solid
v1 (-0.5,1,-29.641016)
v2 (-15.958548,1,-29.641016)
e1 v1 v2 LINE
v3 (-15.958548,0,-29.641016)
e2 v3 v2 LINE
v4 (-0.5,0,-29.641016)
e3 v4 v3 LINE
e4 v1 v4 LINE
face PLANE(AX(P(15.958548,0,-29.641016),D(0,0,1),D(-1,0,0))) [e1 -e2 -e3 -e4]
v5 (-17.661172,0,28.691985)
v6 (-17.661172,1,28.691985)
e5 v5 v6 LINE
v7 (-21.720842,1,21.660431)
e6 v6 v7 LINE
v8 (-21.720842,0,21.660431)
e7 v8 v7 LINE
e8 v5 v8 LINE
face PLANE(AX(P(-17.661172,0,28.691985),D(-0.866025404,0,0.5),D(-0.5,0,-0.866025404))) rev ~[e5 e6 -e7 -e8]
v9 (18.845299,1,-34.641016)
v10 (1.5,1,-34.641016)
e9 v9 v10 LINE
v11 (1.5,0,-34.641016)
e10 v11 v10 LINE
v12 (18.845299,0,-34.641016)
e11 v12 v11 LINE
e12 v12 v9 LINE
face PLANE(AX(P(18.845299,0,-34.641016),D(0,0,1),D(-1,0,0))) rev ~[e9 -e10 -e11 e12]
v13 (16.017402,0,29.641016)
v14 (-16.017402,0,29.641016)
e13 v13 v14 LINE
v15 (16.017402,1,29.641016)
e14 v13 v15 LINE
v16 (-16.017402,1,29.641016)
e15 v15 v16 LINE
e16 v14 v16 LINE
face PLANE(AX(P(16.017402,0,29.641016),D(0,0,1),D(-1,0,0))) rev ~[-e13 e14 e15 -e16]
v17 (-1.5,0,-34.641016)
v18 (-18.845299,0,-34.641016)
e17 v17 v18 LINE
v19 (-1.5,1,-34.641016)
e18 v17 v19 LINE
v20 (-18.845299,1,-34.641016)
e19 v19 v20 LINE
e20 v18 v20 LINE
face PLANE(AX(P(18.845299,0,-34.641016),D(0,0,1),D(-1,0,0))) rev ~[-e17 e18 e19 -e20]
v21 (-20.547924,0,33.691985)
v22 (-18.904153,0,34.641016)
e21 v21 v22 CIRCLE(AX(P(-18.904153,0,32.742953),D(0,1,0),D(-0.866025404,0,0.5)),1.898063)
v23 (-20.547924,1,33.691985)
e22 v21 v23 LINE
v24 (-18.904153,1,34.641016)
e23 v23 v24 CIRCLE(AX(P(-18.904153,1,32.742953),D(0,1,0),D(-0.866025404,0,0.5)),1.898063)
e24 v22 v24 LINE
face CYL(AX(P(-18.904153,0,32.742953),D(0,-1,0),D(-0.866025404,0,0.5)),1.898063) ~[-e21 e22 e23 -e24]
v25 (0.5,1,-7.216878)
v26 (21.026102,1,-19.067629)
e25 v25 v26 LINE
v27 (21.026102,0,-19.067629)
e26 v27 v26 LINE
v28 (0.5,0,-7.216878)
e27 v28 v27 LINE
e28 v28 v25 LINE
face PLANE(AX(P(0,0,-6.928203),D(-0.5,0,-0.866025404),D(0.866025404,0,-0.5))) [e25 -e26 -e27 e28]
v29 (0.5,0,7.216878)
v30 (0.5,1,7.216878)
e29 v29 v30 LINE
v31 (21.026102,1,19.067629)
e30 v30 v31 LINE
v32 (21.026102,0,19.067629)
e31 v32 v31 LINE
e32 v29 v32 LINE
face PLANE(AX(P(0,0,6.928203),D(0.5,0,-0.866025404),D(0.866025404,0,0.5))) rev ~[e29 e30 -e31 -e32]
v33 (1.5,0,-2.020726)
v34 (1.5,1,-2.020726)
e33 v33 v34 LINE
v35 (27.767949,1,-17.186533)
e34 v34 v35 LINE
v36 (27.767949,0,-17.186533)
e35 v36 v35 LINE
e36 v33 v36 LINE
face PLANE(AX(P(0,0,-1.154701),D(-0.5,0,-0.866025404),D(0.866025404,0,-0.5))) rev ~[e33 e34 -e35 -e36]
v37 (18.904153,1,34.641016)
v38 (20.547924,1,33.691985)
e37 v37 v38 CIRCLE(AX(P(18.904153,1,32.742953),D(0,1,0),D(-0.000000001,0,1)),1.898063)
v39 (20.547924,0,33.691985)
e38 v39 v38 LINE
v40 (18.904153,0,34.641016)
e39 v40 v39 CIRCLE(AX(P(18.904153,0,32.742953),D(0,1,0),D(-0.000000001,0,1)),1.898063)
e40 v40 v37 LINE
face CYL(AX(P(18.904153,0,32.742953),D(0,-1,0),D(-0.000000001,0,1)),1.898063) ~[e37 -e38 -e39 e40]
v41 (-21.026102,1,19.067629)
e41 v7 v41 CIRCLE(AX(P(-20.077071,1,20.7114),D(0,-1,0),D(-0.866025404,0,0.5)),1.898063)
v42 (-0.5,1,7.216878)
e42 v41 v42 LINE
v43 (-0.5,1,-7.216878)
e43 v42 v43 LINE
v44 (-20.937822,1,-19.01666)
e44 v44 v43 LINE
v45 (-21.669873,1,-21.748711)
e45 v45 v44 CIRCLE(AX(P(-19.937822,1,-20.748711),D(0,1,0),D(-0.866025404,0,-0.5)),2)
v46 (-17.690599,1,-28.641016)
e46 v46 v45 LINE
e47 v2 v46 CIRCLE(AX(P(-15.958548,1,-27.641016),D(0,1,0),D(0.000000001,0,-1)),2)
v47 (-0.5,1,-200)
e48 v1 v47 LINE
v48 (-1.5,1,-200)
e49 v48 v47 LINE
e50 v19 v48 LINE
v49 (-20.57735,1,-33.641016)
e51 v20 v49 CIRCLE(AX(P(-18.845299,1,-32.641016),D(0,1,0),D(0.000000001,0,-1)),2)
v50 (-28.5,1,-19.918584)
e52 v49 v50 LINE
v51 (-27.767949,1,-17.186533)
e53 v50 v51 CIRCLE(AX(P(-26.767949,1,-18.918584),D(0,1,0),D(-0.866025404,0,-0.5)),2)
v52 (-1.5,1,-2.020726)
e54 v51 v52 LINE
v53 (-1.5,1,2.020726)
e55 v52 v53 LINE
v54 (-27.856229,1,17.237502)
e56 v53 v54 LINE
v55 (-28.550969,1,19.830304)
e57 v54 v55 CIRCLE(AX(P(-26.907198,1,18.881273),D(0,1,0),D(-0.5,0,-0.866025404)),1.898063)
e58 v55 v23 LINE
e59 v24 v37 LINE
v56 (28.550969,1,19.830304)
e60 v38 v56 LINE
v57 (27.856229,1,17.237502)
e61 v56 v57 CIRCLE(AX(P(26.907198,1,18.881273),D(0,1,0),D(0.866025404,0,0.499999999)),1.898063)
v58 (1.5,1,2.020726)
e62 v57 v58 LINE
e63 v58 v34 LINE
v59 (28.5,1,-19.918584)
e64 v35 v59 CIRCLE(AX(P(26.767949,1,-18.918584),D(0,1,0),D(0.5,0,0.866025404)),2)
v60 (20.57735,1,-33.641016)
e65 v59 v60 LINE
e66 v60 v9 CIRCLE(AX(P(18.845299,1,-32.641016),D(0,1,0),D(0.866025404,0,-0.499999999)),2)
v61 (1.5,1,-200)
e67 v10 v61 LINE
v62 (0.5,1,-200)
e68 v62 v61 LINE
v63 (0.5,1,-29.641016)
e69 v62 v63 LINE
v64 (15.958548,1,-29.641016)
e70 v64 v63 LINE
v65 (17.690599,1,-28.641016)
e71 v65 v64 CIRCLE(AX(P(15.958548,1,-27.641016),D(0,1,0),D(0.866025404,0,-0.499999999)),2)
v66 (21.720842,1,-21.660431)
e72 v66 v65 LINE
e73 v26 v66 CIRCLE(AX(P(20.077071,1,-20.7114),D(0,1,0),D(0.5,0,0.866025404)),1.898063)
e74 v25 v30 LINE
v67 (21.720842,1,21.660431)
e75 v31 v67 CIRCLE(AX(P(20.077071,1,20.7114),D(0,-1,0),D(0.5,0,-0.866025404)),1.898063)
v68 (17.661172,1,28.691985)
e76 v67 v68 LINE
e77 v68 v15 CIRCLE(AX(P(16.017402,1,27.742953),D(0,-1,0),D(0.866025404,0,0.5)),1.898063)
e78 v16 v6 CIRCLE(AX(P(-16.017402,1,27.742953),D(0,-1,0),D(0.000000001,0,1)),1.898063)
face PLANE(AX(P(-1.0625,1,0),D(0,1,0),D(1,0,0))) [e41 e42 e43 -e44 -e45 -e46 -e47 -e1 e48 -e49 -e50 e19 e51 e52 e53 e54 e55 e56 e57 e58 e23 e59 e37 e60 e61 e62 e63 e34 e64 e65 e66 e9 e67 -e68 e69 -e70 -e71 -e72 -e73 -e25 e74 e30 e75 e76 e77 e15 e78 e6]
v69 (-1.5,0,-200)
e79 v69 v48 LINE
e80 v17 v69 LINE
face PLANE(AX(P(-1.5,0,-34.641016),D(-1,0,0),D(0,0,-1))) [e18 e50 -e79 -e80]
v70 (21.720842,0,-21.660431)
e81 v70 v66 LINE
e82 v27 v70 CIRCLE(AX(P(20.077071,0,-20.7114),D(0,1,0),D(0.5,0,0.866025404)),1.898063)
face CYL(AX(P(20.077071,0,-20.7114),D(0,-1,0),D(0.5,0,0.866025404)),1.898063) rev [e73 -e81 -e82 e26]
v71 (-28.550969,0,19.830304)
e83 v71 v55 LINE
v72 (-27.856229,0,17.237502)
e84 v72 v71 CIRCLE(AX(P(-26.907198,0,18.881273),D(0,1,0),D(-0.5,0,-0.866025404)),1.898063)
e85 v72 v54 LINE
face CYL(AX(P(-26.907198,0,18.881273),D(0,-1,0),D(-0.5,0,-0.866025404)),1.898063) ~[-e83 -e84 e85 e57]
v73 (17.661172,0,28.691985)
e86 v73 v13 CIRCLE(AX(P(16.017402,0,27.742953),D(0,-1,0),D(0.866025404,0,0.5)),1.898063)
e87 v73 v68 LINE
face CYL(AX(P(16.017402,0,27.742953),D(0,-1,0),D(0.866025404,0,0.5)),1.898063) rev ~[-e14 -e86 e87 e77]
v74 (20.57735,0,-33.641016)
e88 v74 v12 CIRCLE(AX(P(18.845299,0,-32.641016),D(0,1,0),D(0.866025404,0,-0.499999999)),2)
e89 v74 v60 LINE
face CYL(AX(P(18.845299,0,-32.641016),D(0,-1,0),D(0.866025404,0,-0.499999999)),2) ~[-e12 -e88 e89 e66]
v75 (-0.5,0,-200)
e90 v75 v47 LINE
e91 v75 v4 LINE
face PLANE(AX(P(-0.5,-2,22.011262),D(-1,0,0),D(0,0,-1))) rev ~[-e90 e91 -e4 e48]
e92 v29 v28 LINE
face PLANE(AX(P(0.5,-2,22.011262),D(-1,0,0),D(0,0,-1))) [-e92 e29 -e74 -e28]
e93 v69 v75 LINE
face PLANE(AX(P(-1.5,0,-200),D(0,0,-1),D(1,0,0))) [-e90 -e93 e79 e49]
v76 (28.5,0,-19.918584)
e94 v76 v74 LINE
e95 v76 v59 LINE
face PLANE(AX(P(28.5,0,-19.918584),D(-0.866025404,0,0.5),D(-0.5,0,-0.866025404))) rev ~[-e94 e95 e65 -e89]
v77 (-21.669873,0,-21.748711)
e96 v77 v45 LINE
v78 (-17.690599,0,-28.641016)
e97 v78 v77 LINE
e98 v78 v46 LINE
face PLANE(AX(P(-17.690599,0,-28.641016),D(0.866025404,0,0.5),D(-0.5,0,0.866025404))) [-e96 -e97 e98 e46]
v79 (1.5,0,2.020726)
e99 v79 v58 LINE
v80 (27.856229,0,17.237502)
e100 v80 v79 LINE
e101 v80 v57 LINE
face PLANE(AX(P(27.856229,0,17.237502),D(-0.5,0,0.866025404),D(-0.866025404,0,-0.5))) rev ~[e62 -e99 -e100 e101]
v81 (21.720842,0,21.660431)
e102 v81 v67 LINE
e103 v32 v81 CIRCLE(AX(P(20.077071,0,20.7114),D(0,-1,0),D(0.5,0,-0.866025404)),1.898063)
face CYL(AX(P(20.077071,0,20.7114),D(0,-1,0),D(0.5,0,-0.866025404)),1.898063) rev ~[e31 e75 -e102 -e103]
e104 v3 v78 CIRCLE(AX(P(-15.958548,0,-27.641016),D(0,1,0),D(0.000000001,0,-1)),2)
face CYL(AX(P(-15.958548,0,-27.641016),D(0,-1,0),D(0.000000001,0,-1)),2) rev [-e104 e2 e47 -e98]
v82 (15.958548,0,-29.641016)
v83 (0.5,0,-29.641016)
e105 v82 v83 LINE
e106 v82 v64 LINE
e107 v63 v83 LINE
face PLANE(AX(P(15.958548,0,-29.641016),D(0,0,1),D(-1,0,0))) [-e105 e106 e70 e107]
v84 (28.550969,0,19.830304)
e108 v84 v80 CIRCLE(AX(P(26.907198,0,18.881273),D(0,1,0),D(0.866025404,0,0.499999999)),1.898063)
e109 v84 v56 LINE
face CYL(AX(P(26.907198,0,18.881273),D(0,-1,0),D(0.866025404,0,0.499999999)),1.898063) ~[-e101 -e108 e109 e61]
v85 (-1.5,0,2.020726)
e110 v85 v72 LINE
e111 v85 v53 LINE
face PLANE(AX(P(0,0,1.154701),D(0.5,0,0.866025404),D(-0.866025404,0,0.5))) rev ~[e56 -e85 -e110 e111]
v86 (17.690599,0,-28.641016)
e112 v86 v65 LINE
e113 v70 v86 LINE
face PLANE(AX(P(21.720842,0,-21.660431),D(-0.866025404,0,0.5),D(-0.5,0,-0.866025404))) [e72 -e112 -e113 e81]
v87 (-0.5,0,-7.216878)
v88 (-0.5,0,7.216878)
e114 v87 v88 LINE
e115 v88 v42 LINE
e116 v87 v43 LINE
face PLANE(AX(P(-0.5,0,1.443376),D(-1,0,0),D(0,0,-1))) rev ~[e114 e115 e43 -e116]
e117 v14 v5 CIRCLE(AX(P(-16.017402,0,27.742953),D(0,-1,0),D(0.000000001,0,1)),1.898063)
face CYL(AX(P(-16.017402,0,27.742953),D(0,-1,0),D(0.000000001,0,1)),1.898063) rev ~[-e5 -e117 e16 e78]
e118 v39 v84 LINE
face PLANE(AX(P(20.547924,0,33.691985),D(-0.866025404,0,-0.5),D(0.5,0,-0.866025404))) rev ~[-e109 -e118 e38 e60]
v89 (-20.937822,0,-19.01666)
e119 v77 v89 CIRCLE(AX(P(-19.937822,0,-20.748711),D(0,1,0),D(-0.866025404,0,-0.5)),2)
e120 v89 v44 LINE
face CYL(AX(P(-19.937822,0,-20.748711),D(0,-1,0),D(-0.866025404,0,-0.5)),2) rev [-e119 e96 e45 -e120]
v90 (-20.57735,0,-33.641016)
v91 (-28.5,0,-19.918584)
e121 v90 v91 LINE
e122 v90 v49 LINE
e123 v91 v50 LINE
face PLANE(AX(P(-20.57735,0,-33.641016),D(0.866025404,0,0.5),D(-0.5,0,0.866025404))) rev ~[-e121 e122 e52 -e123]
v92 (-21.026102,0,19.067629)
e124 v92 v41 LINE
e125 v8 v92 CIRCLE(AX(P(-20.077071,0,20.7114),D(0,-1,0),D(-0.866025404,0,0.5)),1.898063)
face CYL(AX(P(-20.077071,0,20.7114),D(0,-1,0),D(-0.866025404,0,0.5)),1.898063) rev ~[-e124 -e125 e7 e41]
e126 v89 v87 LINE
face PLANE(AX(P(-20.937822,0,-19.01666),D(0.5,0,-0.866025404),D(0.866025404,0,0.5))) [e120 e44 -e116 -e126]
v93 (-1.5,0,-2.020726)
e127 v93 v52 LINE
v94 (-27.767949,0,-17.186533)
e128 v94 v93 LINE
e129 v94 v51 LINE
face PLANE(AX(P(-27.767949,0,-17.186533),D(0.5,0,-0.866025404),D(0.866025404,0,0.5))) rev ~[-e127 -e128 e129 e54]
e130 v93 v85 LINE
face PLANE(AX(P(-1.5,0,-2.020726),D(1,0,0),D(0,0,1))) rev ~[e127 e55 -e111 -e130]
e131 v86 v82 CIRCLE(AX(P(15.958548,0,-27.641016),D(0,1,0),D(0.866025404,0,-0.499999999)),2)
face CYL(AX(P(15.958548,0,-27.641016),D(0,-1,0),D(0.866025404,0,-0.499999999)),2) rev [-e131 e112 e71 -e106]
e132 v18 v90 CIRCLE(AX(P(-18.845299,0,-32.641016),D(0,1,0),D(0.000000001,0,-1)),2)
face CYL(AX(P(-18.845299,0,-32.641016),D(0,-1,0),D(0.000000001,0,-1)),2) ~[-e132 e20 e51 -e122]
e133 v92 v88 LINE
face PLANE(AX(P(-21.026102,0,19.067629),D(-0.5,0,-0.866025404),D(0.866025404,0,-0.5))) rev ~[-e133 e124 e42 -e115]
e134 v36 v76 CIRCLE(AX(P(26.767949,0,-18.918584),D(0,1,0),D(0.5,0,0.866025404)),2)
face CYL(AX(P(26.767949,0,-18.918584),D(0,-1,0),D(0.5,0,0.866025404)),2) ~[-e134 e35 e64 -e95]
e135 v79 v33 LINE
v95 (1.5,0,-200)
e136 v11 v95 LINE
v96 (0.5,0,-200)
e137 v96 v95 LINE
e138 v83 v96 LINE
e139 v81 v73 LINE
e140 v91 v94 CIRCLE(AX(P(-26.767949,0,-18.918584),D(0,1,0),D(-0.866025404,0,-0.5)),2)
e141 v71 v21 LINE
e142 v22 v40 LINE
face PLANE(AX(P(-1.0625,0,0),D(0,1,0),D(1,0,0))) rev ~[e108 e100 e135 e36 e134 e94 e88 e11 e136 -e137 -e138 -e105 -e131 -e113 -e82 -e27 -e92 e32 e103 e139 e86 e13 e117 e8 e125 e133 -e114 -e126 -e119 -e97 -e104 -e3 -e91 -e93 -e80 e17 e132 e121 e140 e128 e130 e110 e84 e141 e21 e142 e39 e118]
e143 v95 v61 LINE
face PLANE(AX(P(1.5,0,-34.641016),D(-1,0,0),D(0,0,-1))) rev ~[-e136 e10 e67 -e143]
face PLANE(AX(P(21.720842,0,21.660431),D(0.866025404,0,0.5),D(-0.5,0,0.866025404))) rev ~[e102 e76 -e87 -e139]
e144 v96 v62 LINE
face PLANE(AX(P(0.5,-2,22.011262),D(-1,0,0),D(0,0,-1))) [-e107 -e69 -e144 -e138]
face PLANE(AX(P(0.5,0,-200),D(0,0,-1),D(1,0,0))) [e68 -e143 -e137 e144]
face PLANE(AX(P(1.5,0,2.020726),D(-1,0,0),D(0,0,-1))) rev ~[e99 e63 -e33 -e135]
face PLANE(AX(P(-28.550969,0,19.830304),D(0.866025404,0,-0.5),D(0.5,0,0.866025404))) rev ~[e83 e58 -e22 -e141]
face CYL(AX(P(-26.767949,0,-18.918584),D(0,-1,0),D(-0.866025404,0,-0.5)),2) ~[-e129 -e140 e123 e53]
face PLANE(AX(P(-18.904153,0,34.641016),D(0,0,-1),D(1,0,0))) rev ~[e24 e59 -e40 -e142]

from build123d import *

# Parameters (mm, degrees)
EXTRUDE_3_DEPTH          = 1
EXTRUDE_3_2_DEPTH        = 1
CUT_EXTRUDE_3_DEPTH      = 2
CUT_EXTRUDE_3_DEPTH_BACK = 2
SKETCH_3_W               = 1
SKETCH_3_H               = 57.878930007
SKETCH_4_W               = 1
SKETCH_4_H               = 165.358983849
EXTRUDE_4_DEPTH          = 1


with BuildPart() as part:
    # 草图2 → 凸台-拉伸3 (new body)
    with BuildSketch(Plane(origin=(0, 0, 0), x_dir=(1, 0, 0), z_dir=(0, 1, 0))):
        with BuildLine():
            Line((28.5, 19.918584287), (20.577350269, 33.641016151))
            ThreePointArc((20.577350269, 33.641016151), (19.845299462, 34.373066959), (18.845299462, 34.641016151))
            Line((18.845299462, 34.641016151), (-18.845299462, 34.641016151))
            ThreePointArc((-18.845299462, 34.641016151), (-19.845299462, 34.373066959), (-20.577350269, 33.641016151))
            Line((-20.577350269, 33.641016151), (-28.5, 19.918584287))
            ThreePointArc((-28.5, 19.918584287), (-28.699800845, 18.400946197), (-27.767949192, 17.186533479))
            Line((-27.767949192, 17.186533479), (0, 1.154700538))
            Line((0, 1.154700538), (27.767949192, 17.186533479))
            ThreePointArc((27.767949192, 17.186533479), (28.699800845, 18.400946197), (28.5, 19.918584287))
        make_face()
        with BuildLine():
            Line((15.958548116, 29.641016151), (-15.958548116, 29.641016151))
            ThreePointArc((-15.958548116, 29.641016151), (-16.958548116, 29.373066959), (-17.690598923, 28.641016151))
            Line((-17.690598923, 28.641016151), (-21.669872981, 21.748711306))
            ThreePointArc((-21.669872981, 21.748711306), (-21.869673826, 20.231073216), (-20.937822174, 19.016660498))
            Line((-20.937822174, 19.016660498), (0, 6.92820323))
            Line((0, 6.92820323), (21.026102441, 19.067629134))
            ThreePointArc((21.026102441, 19.067629134), (21.910458886, 20.220144892), (21.720841617, 21.660431039))
            Line((21.720841617, 21.660431039), (17.690598923, 28.641016151))
            ThreePointArc((17.690598923, 28.641016151), (16.958548116, 29.373066959), (15.958548116, 29.641016151))
        make_face(mode=Mode.SUBTRACT)
    extrude(amount=EXTRUDE_3_DEPTH)


with BuildPart() as body_2:
    # 草图2 → Extrude 3 2 (new body)
    with BuildSketch(Plane(origin=(0, 0, 0), x_dir=(1, 0, 0), z_dir=(0, 1, 0))):
        with BuildLine():
            Line((-28.550968636, -19.83030402), (-20.547923514, -33.691984787))
            ThreePointArc((-20.547923514, -33.691984787), (-19.853184337, -34.386723964), (-18.904152973, -34.641016151))
            Line((-18.904152973, -34.641016151), (18.904152973, -34.641016151))
            ThreePointArc((18.904152973, -34.641016151), (19.853184337, -34.386723964), (20.547923514, -33.691984787))
            Line((20.547923514, -33.691984787), (28.550968636, -19.83030402))
            ThreePointArc((28.550968636, -19.83030402), (28.740585904, -18.390017873), (27.856229459, -17.237502115))
            Line((27.856229459, -17.237502115), (0, -1.154700538))
            Line((0, -1.154700538), (-27.856229459, -17.237502115))
            ThreePointArc((-27.856229459, -17.237502115), (-28.740585904, -18.390017873), (-28.550968636, -19.83030402))
        make_face()
        with BuildLine():
            Line((-21.026102441, -19.067629134), (0, -6.92820323))
            Line((0, -6.92820323), (21.026102441, -19.067629134))
            ThreePointArc((21.026102441, -19.067629134), (21.910458886, -20.220144892), (21.720841617, -21.660431039))
            Line((21.720841617, -21.660431039), (17.661172168, -28.691984787))
            ThreePointArc((17.661172168, -28.691984787), (16.966432991, -29.386723964), (16.017401627, -29.641016151))
            Line((16.017401627, -29.641016151), (-16.017401627, -29.641016151))
            ThreePointArc((-16.017401627, -29.641016151), (-16.966432991, -29.386723964), (-17.661172168, -28.691984787))
            Line((-17.661172168, -28.691984787), (-21.720841617, -21.660431039))
            ThreePointArc((-21.720841617, -21.660431039), (-21.910458886, -20.220144892), (-21.026102441, -19.067629134))
        make_face(mode=Mode.SUBTRACT)
    extrude(amount=EXTRUDE_3_2_DEPTH)


with BuildPart() as cut_extrude_3_tool:
    # 草图3 → 切除-拉伸3 (new, two sides: drawn at the far end of the back side and taken through both)
    with BuildSketch(Plane(origin=(0, 0, 0), x_dir=(1, 0, 0), z_dir=(0, 1, 0)).offset(-CUT_EXTRUDE_3_DEPTH_BACK)):
        with Locations((0, 6.92820323)):
            Rectangle(SKETCH_3_W, SKETCH_3_H)
    extrude(amount=CUT_EXTRUDE_3_DEPTH + CUT_EXTRUDE_3_DEPTH_BACK)


with BuildPart() as part_1:
    add(part.part)

    # 切除-拉伸3: cut by cut_extrude_3_tool
    add(cut_extrude_3_tool.part, mode=Mode.SUBTRACT)



with BuildPart() as body_2_1:
    add(body_2.part)

    # 切除-拉伸3: cut by cut_extrude_3_tool
    add(cut_extrude_3_tool.part, mode=Mode.SUBTRACT)


with BuildPart() as part_2:
    add(part_1.part)

    add(body_2_1.part)  # 凸台-拉伸4 merges body 2
    # 草图4 → 凸台-拉伸4 (add)
    with BuildSketch(Plane(origin=(0, 0, 0), x_dir=(1, 0, 0), z_dir=(0, 1, 0))):
        Polygon((-1.5, 2.020725942), (-1.5, -2.020725942), (-0.5, -1.443375673), (-0.5, 1.443375673), align=None)
        Polygon((0.5, 1.443375673), (0.5, -1.443375673), (1.5, -2.020725942), (1.5, 2.020725942), align=None)
        with Locations((-1, 117.320508076)):
            Rectangle(SKETCH_4_W, SKETCH_4_H)
        with Locations((1, 117.320508076)):
            Rectangle(SKETCH_4_W, SKETCH_4_H)
    extrude(amount=EXTRUDE_4_DEPTH)


solid = part_2.part
